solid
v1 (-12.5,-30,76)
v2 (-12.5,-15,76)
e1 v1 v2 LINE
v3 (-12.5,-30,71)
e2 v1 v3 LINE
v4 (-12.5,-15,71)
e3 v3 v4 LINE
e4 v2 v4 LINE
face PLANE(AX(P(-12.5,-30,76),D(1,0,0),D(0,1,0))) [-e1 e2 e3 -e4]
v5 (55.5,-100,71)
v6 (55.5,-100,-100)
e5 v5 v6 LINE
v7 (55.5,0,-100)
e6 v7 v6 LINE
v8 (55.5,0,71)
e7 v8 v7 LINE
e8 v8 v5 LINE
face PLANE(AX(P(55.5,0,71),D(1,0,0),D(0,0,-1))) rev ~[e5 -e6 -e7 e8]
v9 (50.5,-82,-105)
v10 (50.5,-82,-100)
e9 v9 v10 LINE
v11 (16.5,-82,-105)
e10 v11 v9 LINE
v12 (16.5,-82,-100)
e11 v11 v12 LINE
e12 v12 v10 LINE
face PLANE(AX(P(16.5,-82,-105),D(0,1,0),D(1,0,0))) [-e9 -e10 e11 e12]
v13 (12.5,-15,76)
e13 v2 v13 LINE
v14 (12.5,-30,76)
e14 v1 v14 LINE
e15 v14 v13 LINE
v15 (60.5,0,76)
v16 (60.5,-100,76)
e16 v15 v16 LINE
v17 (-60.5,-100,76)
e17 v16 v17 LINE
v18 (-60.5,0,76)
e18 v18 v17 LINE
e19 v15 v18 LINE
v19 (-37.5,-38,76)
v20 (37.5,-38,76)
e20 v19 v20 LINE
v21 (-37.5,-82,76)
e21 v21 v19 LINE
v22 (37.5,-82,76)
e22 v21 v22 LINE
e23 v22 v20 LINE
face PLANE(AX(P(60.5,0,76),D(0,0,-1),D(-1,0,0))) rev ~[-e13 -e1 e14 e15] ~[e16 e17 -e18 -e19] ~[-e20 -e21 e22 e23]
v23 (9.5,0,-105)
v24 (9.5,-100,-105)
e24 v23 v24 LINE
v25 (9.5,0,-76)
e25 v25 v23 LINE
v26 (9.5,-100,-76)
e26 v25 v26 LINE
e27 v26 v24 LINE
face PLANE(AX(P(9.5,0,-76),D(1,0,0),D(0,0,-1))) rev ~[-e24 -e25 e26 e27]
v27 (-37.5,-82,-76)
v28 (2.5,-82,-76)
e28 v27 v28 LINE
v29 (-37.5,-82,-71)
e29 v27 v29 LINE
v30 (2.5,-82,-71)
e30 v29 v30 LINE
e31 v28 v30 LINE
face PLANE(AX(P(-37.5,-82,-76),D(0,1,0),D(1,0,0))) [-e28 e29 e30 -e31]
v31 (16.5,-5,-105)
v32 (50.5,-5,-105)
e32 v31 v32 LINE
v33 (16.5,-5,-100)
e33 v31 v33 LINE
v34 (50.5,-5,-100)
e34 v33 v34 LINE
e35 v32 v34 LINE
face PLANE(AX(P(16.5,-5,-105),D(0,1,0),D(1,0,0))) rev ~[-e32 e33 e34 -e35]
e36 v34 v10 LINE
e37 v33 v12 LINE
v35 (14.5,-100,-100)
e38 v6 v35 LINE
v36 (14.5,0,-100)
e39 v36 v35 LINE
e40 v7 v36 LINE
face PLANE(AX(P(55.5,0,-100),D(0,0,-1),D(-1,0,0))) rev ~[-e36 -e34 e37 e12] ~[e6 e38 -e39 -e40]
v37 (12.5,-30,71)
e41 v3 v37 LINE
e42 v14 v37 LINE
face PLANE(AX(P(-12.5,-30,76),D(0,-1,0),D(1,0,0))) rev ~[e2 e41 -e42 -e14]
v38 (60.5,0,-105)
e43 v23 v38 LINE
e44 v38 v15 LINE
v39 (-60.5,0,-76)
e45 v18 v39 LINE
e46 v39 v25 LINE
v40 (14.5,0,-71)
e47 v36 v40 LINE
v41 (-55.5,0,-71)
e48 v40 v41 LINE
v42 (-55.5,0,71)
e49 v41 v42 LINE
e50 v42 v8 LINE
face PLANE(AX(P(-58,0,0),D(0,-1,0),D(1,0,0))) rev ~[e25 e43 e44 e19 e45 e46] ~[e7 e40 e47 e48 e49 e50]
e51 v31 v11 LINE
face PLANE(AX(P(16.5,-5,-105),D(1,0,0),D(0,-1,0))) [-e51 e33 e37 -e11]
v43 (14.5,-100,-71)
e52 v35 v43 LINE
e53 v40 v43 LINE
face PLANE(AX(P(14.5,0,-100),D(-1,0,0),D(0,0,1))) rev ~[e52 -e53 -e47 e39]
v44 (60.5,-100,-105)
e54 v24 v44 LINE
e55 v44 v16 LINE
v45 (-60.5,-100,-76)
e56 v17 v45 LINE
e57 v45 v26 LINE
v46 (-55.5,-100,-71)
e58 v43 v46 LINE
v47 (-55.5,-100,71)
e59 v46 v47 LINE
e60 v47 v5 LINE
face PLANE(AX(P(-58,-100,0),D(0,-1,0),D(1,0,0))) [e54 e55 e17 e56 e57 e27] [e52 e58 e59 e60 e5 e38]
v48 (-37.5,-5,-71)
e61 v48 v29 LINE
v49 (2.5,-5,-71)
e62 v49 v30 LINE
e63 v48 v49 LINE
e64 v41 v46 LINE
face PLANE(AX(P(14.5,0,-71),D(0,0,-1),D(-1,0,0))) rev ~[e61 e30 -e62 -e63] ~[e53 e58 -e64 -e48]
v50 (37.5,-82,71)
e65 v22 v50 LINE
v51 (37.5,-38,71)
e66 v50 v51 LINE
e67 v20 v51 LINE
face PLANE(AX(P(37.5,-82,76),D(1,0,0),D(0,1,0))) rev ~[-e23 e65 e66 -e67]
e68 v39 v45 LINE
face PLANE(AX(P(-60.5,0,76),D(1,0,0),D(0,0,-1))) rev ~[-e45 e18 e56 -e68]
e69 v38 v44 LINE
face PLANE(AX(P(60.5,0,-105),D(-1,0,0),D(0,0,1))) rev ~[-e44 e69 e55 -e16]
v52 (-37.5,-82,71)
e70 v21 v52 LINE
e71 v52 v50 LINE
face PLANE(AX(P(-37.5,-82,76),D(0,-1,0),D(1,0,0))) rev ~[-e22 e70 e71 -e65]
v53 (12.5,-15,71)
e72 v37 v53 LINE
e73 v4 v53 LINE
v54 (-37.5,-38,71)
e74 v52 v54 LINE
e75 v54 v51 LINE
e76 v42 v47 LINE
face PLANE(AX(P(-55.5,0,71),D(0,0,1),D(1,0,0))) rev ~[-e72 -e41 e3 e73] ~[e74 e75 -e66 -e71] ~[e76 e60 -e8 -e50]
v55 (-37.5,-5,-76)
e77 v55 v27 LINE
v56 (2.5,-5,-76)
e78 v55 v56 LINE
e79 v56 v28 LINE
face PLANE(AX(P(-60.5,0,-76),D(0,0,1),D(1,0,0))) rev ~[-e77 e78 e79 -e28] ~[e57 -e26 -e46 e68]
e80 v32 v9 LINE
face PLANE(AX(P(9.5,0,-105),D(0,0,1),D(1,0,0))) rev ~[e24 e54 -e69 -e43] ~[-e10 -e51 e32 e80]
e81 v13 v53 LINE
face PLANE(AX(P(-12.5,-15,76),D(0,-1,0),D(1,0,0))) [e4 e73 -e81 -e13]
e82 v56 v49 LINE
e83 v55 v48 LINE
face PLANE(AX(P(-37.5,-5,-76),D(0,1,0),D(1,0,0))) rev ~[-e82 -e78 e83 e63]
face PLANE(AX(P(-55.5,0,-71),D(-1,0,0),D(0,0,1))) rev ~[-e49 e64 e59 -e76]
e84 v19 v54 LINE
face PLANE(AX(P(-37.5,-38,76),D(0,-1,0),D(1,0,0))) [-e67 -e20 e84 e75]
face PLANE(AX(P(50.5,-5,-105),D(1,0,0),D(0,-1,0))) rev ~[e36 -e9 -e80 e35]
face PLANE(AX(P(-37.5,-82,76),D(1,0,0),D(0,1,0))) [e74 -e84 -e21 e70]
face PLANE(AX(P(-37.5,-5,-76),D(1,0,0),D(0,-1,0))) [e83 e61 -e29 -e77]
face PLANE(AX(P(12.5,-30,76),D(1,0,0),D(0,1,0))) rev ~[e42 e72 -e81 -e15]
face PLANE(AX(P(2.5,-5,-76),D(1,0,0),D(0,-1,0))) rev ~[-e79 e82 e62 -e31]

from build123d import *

# Parameters (mm, degrees)
F0_W      = 5
F0_H      = 142
F0_H_2    = 24
F1_DEPTH  = 100
F2_W      = 75
F2_H      = 44
F3_DEPTH  = 25
F4_W      = 34
F4_H      = 77
F5_DEPTH  = 25
F7_W      = 40
F7_H      = 77
F8_DEPTH  = 25
F9_W      = 25
F9_H      = 15
F10_DEPTH = 25


with BuildPart() as f1:
    # F0 (on Front) → F1 (new body)
    with BuildSketch(Plane.XZ):
        with Locations((-58, 0)):
            Rectangle(F0_W, F0_H)
        Polygon((-60.5, 71), (-55.5, 71), (55.5, 71), (60.5, 71), (60.5, 76), (-60.5, 76), align=None)
        Polygon((14.5, -71), (-55.5, -71), (-60.5, -71), (-60.5, -76), (9.5, -76), (14.5, -76), align=None)
        Polygon((60.5, 71), (55.5, 71), (55.5, -100), (55.5, -105), (60.5, -105), align=None)
        Polygon((55.5, -105), (55.5, -100), (14.5, -100), (9.5, -100), (9.5, -105), align=None)
        with Locations((12, -88)):
            Rectangle(F0_W, F0_H_2)
    extrude(amount=F1_DEPTH)

    # F2 (on face) → F3 (cut)
    with BuildSketch(Plane.XY.offset(76)):
        with Locations((0, -60)):
            Rectangle(F2_W, F2_H)
    extrude(amount=-F3_DEPTH, mode=Mode.SUBTRACT)

    # F4 (on face) → F5 (cut)
    with BuildSketch(Plane(origin=(0, 0, -105), x_dir=(1, 0, 0), z_dir=(0, 0, -1))):
        with Locations((33.5, 43.5)):
            Rectangle(F4_W, F4_H)
    extrude(amount=-F5_DEPTH, mode=Mode.SUBTRACT)

    # F7 (on face) → F8 (cut)
    with BuildSketch(Plane(origin=(0, 0, -76), x_dir=(1, 0, 0), z_dir=(0, 0, -1))):
        with Locations((-17.5, 43.5)):
            Rectangle(F7_W, F7_H)
    extrude(amount=-F8_DEPTH, mode=Mode.SUBTRACT)

    # F9 (on face) → F10 (cut)
    with BuildSketch(Plane.XY.offset(76)):
        with Locations((0, -22.5)):
            Rectangle(F9_W, F9_H)
    extrude(amount=-F10_DEPTH, mode=Mode.SUBTRACT)


solid = f1.part
